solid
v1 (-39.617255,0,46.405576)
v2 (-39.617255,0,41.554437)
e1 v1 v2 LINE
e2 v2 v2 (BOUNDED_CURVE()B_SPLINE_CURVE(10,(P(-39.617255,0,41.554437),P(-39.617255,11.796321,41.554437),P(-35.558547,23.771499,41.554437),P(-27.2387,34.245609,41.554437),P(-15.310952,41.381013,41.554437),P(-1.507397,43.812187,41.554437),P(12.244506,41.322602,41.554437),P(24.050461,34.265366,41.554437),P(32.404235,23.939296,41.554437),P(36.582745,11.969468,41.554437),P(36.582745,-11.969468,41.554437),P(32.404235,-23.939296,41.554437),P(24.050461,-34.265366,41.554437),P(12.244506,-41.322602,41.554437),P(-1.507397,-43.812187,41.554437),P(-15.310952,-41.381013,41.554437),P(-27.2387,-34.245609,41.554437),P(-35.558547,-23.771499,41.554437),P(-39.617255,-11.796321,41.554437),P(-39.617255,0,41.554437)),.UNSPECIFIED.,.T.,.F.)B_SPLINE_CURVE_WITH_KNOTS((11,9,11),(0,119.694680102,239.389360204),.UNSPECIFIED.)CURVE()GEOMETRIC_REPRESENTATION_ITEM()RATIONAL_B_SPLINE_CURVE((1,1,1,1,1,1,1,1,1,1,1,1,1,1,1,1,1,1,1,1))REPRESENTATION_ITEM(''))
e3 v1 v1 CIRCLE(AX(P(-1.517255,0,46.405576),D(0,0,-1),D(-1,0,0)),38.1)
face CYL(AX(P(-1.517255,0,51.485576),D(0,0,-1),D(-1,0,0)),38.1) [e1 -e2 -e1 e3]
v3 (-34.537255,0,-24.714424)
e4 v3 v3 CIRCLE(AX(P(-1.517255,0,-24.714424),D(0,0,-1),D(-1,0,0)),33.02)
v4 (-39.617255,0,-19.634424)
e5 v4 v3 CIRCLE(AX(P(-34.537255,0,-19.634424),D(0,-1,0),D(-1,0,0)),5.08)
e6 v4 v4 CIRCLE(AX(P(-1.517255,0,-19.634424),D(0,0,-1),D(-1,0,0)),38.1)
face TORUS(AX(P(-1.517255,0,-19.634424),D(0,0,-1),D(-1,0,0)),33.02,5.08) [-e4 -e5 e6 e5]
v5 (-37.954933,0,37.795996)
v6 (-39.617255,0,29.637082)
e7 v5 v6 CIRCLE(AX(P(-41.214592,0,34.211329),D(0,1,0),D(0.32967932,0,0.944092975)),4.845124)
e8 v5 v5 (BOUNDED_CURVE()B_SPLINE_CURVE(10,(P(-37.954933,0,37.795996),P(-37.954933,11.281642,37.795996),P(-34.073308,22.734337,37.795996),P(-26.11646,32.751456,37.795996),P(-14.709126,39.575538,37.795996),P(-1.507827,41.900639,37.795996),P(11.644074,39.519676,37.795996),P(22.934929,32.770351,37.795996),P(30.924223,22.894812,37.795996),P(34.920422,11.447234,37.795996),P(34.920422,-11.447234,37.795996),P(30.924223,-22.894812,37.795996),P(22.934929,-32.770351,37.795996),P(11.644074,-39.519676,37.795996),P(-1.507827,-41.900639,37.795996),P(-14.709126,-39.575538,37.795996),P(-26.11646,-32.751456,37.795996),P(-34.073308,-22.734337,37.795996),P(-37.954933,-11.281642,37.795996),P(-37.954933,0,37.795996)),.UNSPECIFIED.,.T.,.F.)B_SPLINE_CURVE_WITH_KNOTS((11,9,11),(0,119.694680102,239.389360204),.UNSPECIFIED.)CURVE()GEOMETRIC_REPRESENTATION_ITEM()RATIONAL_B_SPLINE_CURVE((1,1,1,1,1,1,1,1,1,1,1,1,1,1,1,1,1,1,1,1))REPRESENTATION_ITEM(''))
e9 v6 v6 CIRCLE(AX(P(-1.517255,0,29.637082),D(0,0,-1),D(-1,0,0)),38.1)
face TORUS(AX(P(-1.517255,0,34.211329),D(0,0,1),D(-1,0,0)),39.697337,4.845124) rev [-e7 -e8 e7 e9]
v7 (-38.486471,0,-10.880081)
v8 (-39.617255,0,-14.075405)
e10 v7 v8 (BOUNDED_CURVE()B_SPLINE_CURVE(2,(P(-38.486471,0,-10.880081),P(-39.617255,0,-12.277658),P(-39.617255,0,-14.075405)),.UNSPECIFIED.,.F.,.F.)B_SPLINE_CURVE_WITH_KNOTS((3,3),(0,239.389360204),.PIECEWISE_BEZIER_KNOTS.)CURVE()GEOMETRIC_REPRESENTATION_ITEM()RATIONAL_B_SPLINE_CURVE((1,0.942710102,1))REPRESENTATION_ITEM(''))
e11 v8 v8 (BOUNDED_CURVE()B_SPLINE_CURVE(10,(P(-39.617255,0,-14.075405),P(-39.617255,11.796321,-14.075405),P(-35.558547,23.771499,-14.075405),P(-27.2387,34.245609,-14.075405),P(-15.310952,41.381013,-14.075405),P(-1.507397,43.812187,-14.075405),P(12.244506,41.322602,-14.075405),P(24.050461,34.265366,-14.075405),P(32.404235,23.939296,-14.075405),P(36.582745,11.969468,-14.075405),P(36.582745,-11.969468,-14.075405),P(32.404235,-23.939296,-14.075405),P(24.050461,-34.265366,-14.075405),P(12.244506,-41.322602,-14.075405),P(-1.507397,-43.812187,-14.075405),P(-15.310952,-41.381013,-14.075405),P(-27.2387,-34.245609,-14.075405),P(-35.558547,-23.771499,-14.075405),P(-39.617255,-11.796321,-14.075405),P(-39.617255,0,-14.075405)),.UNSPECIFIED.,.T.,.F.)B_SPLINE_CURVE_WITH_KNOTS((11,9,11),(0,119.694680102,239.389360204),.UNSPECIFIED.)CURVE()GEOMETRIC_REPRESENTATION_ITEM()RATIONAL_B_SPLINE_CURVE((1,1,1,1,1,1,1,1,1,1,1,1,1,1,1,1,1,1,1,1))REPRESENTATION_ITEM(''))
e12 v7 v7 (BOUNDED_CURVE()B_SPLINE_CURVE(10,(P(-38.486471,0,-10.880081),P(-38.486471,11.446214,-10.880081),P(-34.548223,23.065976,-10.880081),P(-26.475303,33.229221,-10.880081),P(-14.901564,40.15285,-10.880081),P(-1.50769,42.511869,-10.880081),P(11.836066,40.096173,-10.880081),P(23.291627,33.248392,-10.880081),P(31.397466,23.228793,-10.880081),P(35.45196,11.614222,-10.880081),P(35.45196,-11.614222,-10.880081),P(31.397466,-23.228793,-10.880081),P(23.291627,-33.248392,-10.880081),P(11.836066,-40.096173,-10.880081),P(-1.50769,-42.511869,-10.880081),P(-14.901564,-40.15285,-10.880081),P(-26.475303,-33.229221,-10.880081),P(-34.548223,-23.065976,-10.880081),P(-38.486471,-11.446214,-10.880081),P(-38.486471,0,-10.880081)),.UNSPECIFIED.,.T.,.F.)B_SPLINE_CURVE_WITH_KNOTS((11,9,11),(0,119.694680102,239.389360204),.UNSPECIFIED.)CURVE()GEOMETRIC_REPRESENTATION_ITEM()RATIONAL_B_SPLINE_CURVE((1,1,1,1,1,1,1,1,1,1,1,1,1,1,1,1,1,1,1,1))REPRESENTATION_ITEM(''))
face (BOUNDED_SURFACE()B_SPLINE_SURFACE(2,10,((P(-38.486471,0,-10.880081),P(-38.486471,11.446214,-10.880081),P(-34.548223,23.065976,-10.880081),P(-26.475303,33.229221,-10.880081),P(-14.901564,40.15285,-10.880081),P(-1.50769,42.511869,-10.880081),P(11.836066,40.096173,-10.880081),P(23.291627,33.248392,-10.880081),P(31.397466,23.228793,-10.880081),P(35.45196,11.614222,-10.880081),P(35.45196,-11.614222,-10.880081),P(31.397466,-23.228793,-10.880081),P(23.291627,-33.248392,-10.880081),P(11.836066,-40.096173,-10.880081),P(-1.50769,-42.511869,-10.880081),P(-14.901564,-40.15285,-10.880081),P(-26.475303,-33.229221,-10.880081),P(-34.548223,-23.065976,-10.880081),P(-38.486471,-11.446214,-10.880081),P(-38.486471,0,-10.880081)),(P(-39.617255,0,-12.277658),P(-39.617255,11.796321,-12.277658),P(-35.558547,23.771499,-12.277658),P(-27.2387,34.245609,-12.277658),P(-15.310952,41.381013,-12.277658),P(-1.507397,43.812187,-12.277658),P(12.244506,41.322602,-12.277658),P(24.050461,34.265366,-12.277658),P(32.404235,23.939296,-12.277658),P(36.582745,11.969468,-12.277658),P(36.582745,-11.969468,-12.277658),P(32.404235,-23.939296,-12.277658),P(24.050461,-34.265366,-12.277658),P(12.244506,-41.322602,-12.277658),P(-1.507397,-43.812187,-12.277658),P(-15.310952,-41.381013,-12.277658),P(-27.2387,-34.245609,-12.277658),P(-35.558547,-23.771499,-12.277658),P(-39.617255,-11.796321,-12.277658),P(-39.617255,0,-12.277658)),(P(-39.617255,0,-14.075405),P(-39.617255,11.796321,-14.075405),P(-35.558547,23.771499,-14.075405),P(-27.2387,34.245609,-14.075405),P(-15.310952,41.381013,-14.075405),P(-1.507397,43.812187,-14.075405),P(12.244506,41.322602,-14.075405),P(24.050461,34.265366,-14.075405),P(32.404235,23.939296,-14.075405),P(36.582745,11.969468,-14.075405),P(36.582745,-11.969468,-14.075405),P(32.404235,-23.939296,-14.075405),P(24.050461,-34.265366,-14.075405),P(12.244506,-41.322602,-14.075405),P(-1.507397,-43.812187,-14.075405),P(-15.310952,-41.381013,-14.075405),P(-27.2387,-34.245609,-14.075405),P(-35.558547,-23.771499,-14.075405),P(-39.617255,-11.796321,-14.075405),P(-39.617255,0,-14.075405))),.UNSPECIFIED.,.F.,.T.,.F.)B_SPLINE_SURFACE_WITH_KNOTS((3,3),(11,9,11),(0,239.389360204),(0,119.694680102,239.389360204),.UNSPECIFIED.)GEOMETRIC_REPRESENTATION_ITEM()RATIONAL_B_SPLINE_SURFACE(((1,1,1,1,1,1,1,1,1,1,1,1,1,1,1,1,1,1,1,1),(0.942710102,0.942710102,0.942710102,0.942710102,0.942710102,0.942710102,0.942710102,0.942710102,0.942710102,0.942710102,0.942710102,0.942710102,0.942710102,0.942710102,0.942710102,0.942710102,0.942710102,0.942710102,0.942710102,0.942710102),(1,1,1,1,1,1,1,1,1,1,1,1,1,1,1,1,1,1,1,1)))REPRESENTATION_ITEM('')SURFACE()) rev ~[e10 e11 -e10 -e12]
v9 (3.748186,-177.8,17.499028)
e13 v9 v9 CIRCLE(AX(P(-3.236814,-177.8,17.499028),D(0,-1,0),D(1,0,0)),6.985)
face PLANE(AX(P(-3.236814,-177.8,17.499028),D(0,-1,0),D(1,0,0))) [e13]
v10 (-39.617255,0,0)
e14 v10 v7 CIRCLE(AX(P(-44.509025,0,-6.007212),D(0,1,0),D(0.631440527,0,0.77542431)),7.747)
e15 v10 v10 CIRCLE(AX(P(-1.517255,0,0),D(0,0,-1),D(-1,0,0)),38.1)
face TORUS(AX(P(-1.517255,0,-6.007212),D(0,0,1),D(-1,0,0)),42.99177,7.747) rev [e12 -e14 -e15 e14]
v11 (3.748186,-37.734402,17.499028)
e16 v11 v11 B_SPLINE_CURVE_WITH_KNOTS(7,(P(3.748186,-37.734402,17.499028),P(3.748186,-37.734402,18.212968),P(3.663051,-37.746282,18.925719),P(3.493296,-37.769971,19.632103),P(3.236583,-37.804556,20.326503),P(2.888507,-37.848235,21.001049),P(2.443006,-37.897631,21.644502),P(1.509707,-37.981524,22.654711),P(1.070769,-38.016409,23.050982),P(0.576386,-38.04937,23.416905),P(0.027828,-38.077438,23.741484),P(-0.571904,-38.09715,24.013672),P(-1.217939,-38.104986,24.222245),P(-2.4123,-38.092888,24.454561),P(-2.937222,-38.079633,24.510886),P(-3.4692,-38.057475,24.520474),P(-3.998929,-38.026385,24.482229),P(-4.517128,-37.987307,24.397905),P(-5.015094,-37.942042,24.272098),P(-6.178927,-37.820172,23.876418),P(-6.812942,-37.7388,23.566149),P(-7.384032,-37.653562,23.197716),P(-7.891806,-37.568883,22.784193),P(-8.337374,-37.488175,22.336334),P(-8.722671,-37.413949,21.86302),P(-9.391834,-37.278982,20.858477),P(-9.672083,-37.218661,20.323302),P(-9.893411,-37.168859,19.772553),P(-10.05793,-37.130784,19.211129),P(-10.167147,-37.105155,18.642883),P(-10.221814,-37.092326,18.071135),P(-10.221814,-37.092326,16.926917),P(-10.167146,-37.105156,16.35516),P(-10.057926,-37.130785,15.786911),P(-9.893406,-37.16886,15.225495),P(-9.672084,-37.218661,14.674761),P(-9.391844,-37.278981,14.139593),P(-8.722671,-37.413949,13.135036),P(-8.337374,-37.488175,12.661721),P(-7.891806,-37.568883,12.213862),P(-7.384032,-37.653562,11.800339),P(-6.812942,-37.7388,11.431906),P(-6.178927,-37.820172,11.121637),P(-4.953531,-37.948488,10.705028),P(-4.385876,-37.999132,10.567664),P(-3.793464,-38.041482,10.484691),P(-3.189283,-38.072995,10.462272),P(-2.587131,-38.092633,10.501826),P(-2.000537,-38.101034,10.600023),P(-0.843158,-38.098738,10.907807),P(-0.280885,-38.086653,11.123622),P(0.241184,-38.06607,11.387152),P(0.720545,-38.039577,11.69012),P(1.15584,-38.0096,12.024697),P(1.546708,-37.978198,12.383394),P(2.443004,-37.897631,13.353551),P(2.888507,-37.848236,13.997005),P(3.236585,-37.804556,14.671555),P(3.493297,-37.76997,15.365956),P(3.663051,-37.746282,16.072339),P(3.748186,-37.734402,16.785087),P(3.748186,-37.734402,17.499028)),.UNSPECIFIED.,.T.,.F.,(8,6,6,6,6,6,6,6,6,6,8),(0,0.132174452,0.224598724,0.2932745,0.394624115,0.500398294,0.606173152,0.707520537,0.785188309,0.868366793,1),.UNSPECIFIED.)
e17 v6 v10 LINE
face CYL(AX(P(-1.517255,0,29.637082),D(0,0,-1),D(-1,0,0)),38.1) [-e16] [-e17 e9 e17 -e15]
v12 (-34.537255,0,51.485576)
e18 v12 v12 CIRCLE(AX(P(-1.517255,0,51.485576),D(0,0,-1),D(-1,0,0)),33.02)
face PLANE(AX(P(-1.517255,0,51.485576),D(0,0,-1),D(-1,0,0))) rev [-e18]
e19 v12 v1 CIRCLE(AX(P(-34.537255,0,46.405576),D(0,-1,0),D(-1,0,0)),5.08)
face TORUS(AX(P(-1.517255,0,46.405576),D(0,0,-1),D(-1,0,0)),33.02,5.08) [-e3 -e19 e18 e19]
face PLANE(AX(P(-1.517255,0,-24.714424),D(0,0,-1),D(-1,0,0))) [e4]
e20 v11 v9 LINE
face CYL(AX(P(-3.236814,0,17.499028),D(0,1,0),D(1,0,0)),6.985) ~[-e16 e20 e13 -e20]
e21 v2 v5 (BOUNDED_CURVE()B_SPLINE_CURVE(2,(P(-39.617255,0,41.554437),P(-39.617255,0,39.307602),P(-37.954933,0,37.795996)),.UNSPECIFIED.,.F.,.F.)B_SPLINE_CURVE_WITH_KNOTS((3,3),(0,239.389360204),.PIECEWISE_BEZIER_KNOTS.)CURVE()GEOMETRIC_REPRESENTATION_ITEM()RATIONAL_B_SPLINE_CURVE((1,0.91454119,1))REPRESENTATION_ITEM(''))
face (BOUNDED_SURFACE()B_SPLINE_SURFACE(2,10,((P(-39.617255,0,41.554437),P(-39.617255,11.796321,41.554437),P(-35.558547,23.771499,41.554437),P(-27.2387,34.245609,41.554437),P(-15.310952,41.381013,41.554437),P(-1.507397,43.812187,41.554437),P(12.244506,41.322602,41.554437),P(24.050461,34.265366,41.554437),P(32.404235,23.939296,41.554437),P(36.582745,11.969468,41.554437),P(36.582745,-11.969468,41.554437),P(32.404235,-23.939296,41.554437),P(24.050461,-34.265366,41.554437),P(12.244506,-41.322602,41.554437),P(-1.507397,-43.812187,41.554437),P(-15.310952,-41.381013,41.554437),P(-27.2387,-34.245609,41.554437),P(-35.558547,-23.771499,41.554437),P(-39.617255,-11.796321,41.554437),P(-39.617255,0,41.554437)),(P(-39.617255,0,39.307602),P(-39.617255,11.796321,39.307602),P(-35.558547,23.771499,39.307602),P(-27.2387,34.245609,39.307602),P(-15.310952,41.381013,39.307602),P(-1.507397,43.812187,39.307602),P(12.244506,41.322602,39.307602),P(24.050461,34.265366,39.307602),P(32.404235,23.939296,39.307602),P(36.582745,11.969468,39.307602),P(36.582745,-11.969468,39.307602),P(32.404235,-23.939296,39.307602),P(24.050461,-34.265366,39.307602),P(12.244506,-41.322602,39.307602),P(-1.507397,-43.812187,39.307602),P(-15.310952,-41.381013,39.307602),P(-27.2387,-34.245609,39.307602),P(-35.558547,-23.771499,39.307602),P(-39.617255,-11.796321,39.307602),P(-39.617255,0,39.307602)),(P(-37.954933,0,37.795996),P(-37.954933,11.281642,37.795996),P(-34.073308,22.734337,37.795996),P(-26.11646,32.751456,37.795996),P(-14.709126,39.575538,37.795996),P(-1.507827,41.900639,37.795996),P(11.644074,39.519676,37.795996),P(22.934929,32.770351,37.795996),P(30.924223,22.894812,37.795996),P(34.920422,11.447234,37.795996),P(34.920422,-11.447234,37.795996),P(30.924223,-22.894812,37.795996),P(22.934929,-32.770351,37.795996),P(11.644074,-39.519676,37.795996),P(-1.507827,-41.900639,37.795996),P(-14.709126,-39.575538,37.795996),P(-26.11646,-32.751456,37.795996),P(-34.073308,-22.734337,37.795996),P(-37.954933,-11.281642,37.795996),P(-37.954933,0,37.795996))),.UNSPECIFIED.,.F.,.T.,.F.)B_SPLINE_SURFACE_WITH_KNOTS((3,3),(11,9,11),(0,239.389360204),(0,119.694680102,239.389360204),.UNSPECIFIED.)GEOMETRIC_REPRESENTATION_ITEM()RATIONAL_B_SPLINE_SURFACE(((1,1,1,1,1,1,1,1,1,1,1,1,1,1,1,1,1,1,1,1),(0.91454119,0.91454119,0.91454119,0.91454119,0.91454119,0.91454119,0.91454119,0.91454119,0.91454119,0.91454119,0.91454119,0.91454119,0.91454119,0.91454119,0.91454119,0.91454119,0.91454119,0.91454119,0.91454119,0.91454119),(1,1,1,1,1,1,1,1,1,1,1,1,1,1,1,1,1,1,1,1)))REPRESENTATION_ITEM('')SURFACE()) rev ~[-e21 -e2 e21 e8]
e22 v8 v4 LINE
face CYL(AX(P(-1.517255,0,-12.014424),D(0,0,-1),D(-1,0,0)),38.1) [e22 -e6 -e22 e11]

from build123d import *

# Parameters (mm, degrees)
F2_R     = 5.08
F3_R     = 6.985
F4_DEPTH = 177.8


with BuildPart() as f1:
    # F0 (on Front) → F1 (revolve)
    with BuildSketch(Plane.XZ):
        with BuildLine():
            Line((-1.5172553301, 51.4855757356), (-39.6172553301, 51.4855757356))
            Line((-39.6172553301, 51.4855757356), (-39.6172553301, 38.7855757356))
            ThreePointArc((-39.6172553301, 38.7855757356), (-36.369468827, 34.2113286421), (-39.6172553301, 29.6370815486))
            Line((-39.6172553301, 29.6370815486), (-39.6172553301, 0))
            ThreePointArc((-39.6172553301, 0), (-36.7620250915, -6.0072121322), (-39.6172553301, -12.0144242644))
            Line((-39.6172553301, -12.0144242644), (-39.6172553301, -24.7144242644))
            Line((-39.6172553301, -24.7144242644), (-1.5172553301, -24.7144242644))
            Line((-1.5172553301, -24.7144242644), (-1.5172553301, 51.4855757356))
        make_face()
    revolve(axis=Axis((-1.5172553301, 0, 13.3855757356), (0, 0, -1)))

    # F2
    f2_edges = [f1.edges().sort_by_distance(p)[0] for p in [
        (36.582745, 0, 51.485576),
        (36.582745, 0, 38.785576),
        (-39.617255, 0, 45.135576),
        (36.582745, 0, -12.014424),
        (36.582745, 0, -24.714424),
        (-39.617255, 0, -18.364424),
    ]]
    fillet(f2_edges, radius=F2_R)

    # F3 (on Front) → F4 (join)
    with BuildSketch(Plane.XZ):
        with Locations((-3.2368141692, 17.4990277737)):
            Circle(F3_R)
    extrude(amount=F4_DEPTH)


solid = f1.part
